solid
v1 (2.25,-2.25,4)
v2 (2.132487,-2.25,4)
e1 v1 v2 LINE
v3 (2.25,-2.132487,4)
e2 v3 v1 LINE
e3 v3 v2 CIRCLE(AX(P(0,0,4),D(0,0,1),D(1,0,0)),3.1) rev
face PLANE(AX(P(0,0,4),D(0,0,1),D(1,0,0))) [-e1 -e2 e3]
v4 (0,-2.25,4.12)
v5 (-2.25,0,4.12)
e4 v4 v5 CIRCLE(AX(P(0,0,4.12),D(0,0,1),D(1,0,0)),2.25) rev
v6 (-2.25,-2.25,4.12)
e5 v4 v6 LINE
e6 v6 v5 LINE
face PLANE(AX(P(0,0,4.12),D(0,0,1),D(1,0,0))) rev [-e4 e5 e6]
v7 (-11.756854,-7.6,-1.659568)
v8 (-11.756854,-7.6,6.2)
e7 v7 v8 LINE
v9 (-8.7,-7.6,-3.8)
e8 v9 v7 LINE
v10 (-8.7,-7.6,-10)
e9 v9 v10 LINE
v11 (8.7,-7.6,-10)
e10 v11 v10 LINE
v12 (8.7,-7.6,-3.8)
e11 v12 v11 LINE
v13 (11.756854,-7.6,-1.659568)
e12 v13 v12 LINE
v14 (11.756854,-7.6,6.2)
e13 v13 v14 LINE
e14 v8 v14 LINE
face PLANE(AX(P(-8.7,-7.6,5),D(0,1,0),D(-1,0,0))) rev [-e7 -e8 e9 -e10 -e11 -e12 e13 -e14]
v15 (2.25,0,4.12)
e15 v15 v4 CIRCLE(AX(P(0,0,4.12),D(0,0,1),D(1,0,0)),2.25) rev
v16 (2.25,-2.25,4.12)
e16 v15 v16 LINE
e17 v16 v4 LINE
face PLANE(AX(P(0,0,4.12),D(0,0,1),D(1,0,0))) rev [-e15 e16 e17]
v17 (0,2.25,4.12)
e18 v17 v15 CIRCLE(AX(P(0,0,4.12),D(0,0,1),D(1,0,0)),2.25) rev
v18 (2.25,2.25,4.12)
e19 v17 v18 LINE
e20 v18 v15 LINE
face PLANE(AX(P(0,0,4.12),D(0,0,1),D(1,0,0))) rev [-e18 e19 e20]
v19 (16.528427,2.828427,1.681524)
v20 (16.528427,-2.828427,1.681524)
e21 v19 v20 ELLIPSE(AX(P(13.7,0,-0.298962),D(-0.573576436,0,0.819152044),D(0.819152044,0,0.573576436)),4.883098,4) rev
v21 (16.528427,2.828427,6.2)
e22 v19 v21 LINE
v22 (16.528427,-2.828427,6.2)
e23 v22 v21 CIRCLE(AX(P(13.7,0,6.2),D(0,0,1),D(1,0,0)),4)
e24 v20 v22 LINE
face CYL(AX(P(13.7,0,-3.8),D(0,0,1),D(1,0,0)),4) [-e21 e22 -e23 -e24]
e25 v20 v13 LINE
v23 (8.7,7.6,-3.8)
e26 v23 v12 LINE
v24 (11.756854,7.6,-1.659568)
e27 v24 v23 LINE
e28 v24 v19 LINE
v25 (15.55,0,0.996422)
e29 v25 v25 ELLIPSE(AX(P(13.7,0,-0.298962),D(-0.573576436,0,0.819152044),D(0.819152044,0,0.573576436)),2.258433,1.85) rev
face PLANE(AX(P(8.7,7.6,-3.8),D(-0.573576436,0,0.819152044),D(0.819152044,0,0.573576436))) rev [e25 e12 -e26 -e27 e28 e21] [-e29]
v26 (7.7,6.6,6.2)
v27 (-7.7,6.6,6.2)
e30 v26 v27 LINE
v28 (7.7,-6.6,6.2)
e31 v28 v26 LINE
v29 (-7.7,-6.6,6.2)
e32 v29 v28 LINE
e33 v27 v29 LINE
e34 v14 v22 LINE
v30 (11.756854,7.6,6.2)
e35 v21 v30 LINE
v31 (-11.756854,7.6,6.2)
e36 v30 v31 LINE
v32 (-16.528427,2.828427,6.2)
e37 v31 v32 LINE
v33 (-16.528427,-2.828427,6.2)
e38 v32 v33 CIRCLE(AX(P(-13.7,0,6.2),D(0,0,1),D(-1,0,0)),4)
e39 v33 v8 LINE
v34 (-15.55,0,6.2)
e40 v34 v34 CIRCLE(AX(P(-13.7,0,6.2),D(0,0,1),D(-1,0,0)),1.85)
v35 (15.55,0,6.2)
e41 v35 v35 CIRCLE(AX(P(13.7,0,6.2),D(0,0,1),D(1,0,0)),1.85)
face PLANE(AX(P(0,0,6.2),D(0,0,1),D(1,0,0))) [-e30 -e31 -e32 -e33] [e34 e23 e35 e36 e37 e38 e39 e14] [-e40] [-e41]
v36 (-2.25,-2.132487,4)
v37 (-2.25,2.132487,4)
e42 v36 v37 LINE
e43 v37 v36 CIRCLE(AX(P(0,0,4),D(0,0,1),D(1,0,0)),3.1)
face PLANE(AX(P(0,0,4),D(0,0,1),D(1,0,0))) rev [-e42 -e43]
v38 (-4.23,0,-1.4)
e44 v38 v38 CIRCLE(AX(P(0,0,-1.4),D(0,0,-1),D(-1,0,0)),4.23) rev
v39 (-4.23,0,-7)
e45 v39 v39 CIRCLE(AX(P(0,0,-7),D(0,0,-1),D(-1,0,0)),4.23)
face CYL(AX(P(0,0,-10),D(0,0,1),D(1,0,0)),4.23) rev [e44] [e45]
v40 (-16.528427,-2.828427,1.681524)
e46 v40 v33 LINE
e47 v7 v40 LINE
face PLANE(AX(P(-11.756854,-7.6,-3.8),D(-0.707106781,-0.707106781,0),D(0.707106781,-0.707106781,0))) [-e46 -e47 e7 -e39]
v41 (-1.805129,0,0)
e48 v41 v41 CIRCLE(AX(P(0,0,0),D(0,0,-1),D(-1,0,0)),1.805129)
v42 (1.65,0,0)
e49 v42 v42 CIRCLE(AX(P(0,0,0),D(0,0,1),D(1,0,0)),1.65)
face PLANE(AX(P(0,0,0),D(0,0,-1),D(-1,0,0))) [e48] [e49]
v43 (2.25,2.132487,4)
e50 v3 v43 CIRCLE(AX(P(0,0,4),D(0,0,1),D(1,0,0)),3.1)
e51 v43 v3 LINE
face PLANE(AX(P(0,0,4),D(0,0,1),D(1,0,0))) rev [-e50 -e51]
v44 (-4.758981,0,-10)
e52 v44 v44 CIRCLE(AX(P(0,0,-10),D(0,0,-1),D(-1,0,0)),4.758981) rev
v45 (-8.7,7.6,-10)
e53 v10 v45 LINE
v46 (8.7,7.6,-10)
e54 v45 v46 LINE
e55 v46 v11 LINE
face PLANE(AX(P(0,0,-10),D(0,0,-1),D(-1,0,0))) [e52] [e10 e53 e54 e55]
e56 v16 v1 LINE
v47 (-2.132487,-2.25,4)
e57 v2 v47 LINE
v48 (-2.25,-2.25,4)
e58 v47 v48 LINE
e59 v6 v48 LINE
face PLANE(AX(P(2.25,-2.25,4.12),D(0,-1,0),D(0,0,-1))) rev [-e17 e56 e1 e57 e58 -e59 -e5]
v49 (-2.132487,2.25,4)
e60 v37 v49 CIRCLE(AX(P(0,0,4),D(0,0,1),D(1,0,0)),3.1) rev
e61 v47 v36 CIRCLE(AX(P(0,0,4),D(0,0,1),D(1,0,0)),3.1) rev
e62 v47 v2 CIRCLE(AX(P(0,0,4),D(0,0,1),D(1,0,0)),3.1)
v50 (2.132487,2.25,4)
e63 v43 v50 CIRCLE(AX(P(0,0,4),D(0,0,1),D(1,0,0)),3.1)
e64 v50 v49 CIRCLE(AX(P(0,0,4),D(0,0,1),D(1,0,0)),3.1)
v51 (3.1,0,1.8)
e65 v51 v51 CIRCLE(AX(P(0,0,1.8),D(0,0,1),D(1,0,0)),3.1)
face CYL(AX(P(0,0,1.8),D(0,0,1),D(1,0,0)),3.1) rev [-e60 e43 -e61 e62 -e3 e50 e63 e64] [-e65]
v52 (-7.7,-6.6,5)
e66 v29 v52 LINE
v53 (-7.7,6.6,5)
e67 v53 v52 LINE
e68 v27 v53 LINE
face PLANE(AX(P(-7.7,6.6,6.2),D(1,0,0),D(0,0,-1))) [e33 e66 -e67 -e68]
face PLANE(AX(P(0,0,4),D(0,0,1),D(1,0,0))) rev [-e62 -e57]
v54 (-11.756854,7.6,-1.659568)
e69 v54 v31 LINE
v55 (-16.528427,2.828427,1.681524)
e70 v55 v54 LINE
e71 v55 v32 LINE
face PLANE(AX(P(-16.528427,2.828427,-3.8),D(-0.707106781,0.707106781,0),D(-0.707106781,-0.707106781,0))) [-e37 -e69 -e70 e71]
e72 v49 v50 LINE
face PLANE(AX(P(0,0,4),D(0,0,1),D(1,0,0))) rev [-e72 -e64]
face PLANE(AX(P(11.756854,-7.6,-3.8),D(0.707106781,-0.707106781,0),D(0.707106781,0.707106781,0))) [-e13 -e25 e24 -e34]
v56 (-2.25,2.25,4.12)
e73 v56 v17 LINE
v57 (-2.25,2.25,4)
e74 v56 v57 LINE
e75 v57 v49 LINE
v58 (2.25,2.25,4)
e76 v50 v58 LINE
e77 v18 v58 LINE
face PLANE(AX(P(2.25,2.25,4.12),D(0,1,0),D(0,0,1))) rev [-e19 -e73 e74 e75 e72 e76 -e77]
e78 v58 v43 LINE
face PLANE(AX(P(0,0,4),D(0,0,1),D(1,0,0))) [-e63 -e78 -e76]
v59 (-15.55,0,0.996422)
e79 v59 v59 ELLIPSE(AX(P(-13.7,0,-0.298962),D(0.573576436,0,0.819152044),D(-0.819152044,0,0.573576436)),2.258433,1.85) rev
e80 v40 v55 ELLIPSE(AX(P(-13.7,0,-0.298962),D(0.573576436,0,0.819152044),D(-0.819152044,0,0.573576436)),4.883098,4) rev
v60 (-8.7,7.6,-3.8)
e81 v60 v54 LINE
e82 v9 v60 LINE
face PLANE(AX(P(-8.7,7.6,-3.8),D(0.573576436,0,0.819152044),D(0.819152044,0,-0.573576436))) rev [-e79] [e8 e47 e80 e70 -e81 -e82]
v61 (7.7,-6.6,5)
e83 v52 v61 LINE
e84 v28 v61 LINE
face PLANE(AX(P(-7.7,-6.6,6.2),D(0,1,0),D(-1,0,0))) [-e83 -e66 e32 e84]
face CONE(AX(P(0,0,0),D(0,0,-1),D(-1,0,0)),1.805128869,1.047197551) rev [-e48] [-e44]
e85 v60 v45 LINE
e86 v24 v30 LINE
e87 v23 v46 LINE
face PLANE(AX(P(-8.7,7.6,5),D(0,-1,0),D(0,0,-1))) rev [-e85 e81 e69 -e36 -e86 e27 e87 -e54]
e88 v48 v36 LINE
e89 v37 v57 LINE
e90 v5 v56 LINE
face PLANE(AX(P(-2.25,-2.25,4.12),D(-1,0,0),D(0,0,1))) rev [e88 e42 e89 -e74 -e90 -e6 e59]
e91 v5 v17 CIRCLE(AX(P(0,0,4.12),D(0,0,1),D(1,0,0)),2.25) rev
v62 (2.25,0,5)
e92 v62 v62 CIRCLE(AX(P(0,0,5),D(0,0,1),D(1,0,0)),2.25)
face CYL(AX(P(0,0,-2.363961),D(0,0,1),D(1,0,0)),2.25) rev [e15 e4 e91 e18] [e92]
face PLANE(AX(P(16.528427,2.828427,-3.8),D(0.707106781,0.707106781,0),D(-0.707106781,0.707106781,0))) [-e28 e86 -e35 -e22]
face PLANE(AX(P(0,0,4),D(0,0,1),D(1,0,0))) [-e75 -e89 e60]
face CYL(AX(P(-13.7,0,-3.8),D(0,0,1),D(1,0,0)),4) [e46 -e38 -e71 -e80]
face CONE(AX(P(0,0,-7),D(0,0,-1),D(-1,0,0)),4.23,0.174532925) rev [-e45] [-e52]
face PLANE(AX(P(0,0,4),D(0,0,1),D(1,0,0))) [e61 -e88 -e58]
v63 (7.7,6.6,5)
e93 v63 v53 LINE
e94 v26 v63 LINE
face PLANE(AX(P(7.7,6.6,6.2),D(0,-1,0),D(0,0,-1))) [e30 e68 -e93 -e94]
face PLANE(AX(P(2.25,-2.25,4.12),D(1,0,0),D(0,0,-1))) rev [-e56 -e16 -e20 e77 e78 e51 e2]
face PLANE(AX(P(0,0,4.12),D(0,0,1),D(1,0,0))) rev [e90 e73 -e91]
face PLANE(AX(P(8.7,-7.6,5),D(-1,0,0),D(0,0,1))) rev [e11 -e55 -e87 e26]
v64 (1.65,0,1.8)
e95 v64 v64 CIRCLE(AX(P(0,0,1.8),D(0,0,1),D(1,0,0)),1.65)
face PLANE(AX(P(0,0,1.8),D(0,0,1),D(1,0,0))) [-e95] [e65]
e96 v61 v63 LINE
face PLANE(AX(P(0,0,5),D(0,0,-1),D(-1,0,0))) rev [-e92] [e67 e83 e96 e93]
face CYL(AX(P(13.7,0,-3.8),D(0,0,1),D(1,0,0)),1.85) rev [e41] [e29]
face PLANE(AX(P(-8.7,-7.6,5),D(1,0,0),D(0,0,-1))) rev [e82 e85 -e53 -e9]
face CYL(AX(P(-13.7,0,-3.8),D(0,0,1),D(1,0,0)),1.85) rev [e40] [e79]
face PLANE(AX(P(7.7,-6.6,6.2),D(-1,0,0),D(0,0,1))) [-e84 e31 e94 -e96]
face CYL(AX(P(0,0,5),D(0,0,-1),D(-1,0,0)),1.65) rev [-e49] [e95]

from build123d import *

# Parameters (mm, degrees)
SKETCH1_W           = 17.4
SKETCH1_H           = 15.2
SKETCH1_R           = 1.65
BOSS_EXTRUDE1_DEPTH = 5
SKETCH2_W           = 17.4
SKETCH2_H           = 15.2
SKETCH2_W_2         = 15.4
SKETCH2_H_2         = 13.2
BOSS_EXTRUDE2_DEPTH = 1.2
CUT_EXTRUDE1_START  = -1
SKETCH3_R           = 3.1
CUT_EXTRUDE1_DEPTH  = 2.2
SKETCH4_R           = 2.25
CUT_EXTRUDE2_DEPTH  = 1
SKETCH6_W           = 4.5
SKETCH6_H           = 4.5
CUT_EXTRUDE4_DEPTH  = 0.12
SKETCH7_W           = 17.4
SKETCH7_H           = 15.2
SKETCH7_R           = 4.23
BOSS_EXTRUDE3_DEPTH = 10
CHAMFER1_SIZE       = 3
CHAMFER1_SIZE2      = 0.528980942
SKETCH9_R           = 1.85
BOSS_EXTRUDE5_DEPTH = 10
CUT_EXTRUDE5_DEPTH  = 16.2
CHAMFER3_SIZE       = 1.4
CHAMFER3_SIZE2      = 2.424871131


with BuildPart() as part:
    # Sketch1 → Boss-Extrude1 (new body)
    with BuildSketch(Plane.XY):
        Rectangle(SKETCH1_W, SKETCH1_H)
        Circle(SKETCH1_R, mode=Mode.SUBTRACT)
    extrude(amount=BOSS_EXTRUDE1_DEPTH)

    # Sketch2 → Boss-Extrude2 (add)
    with BuildSketch(Plane.XY.offset(5)):
        Rectangle(SKETCH2_W, SKETCH2_H)
        Rectangle(SKETCH2_W_2, SKETCH2_H_2, mode=Mode.SUBTRACT)
    extrude(amount=BOSS_EXTRUDE2_DEPTH)

    # Sketch3 → Cut-Extrude1 (cut)
    with BuildSketch(Plane.XY.offset(5).offset(CUT_EXTRUDE1_START)):
        Circle(SKETCH3_R)
    extrude(amount=-CUT_EXTRUDE1_DEPTH, mode=Mode.SUBTRACT)

    # Sketch4 → Cut-Extrude2 (cut)
    with BuildSketch(Plane.XY.offset(5)):
        Circle(SKETCH4_R)
    extrude(amount=-CUT_EXTRUDE2_DEPTH, mode=Mode.SUBTRACT)

    # Sketch6 → Cut-Extrude4 (cut)
    with BuildSketch(Plane(origin=(0, 0, 4), x_dir=(-1, 0, 0), z_dir=(0, 0, -1))):
        Rectangle(SKETCH6_W, SKETCH6_H)
    extrude(amount=-CUT_EXTRUDE4_DEPTH, mode=Mode.SUBTRACT)

    # Sketch7 → Boss-Extrude3 (add)
    with BuildSketch(Plane(origin=(0, 0, 0), x_dir=(-1, 0, 0), z_dir=(0, 0, -1))):
        Rectangle(SKETCH7_W, SKETCH7_H)
        Circle(SKETCH7_R, mode=Mode.SUBTRACT)
    extrude(amount=BOSS_EXTRUDE3_DEPTH)

    # Chamfer1
    chamfer1_edges = [part.edges().sort_by_distance(p)[0] for p in [
        (4.23, 0, -10),
    ]]
    chamfer1_side = [part.faces().sort_by_distance(p)[0] for p in [
        (4.23, 0, -5),
    ]]
    chamfer(chamfer1_edges, length=CHAMFER1_SIZE, length2=CHAMFER1_SIZE2, reference=chamfer1_side[0])

    # Sketch9 → Boss-Extrude5 (add)
    with BuildSketch(Plane.XY.offset(6.2)):
        with BuildLine():
            Line((8.7, 7.6), (8.7, -7.6))
            Line((8.7, -7.6), (11.756854249, -7.6))
            Line((11.756854249, -7.6), (16.528427125, -2.828427125))
            ThreePointArc((16.528427125, -2.828427125), (17.7, 0), (16.528427125, 2.828427125))
            Line((16.528427125, 2.828427125), (11.756854249, 7.6))
            Line((11.756854249, 7.6), (8.7, 7.6))
        make_face()
        with Locations((13.7, 0)):
            Circle(SKETCH9_R, mode=Mode.SUBTRACT)
        with BuildLine():
            Line((-8.7, 7.6), (-8.7, -7.6))
            Line((-8.7, -7.6), (-11.756854249, -7.6))
            Line((-11.756854249, -7.6), (-16.528427125, -2.828427125))
            ThreePointArc((-16.528427125, -2.828427125), (-17.7, 0), (-16.528427125, 2.828427125))
            Line((-16.528427125, 2.828427125), (-11.756854249, 7.6))
            Line((-11.756854249, 7.6), (-8.7, 7.6))
        make_face()
        with Locations((-13.7, 0)):
            Circle(SKETCH9_R, mode=Mode.SUBTRACT)
    extrude(amount=-BOSS_EXTRUDE5_DEPTH)

    # Sketch10 → Cut-Extrude5 (cut, through all)
    with BuildSketch(Plane.XZ.offset(7.6)):
        Polygon((-8.7, -3.8), (-19.607158184, 3.837274381), (-19.607158184, -3.8), align=None)
        Polygon((19.607158184, -3.8), (8.7, -3.8), (19.607158184, 3.837274381), align=None)
    extrude(amount=-CUT_EXTRUDE5_DEPTH, mode=Mode.SUBTRACT)

    # Chamfer3
    chamfer3_edges = [part.edges().sort_by_distance(p)[0] for p in [
        (4.23, 0, 0),
    ]]
    chamfer3_side = [part.faces().sort_by_distance(p)[0] for p in [
        (4.23, 0, -3.5),
    ]]
    chamfer(chamfer3_edges, length=CHAMFER3_SIZE, length2=CHAMFER3_SIZE2, reference=chamfer3_side[0])


solid = part.part
